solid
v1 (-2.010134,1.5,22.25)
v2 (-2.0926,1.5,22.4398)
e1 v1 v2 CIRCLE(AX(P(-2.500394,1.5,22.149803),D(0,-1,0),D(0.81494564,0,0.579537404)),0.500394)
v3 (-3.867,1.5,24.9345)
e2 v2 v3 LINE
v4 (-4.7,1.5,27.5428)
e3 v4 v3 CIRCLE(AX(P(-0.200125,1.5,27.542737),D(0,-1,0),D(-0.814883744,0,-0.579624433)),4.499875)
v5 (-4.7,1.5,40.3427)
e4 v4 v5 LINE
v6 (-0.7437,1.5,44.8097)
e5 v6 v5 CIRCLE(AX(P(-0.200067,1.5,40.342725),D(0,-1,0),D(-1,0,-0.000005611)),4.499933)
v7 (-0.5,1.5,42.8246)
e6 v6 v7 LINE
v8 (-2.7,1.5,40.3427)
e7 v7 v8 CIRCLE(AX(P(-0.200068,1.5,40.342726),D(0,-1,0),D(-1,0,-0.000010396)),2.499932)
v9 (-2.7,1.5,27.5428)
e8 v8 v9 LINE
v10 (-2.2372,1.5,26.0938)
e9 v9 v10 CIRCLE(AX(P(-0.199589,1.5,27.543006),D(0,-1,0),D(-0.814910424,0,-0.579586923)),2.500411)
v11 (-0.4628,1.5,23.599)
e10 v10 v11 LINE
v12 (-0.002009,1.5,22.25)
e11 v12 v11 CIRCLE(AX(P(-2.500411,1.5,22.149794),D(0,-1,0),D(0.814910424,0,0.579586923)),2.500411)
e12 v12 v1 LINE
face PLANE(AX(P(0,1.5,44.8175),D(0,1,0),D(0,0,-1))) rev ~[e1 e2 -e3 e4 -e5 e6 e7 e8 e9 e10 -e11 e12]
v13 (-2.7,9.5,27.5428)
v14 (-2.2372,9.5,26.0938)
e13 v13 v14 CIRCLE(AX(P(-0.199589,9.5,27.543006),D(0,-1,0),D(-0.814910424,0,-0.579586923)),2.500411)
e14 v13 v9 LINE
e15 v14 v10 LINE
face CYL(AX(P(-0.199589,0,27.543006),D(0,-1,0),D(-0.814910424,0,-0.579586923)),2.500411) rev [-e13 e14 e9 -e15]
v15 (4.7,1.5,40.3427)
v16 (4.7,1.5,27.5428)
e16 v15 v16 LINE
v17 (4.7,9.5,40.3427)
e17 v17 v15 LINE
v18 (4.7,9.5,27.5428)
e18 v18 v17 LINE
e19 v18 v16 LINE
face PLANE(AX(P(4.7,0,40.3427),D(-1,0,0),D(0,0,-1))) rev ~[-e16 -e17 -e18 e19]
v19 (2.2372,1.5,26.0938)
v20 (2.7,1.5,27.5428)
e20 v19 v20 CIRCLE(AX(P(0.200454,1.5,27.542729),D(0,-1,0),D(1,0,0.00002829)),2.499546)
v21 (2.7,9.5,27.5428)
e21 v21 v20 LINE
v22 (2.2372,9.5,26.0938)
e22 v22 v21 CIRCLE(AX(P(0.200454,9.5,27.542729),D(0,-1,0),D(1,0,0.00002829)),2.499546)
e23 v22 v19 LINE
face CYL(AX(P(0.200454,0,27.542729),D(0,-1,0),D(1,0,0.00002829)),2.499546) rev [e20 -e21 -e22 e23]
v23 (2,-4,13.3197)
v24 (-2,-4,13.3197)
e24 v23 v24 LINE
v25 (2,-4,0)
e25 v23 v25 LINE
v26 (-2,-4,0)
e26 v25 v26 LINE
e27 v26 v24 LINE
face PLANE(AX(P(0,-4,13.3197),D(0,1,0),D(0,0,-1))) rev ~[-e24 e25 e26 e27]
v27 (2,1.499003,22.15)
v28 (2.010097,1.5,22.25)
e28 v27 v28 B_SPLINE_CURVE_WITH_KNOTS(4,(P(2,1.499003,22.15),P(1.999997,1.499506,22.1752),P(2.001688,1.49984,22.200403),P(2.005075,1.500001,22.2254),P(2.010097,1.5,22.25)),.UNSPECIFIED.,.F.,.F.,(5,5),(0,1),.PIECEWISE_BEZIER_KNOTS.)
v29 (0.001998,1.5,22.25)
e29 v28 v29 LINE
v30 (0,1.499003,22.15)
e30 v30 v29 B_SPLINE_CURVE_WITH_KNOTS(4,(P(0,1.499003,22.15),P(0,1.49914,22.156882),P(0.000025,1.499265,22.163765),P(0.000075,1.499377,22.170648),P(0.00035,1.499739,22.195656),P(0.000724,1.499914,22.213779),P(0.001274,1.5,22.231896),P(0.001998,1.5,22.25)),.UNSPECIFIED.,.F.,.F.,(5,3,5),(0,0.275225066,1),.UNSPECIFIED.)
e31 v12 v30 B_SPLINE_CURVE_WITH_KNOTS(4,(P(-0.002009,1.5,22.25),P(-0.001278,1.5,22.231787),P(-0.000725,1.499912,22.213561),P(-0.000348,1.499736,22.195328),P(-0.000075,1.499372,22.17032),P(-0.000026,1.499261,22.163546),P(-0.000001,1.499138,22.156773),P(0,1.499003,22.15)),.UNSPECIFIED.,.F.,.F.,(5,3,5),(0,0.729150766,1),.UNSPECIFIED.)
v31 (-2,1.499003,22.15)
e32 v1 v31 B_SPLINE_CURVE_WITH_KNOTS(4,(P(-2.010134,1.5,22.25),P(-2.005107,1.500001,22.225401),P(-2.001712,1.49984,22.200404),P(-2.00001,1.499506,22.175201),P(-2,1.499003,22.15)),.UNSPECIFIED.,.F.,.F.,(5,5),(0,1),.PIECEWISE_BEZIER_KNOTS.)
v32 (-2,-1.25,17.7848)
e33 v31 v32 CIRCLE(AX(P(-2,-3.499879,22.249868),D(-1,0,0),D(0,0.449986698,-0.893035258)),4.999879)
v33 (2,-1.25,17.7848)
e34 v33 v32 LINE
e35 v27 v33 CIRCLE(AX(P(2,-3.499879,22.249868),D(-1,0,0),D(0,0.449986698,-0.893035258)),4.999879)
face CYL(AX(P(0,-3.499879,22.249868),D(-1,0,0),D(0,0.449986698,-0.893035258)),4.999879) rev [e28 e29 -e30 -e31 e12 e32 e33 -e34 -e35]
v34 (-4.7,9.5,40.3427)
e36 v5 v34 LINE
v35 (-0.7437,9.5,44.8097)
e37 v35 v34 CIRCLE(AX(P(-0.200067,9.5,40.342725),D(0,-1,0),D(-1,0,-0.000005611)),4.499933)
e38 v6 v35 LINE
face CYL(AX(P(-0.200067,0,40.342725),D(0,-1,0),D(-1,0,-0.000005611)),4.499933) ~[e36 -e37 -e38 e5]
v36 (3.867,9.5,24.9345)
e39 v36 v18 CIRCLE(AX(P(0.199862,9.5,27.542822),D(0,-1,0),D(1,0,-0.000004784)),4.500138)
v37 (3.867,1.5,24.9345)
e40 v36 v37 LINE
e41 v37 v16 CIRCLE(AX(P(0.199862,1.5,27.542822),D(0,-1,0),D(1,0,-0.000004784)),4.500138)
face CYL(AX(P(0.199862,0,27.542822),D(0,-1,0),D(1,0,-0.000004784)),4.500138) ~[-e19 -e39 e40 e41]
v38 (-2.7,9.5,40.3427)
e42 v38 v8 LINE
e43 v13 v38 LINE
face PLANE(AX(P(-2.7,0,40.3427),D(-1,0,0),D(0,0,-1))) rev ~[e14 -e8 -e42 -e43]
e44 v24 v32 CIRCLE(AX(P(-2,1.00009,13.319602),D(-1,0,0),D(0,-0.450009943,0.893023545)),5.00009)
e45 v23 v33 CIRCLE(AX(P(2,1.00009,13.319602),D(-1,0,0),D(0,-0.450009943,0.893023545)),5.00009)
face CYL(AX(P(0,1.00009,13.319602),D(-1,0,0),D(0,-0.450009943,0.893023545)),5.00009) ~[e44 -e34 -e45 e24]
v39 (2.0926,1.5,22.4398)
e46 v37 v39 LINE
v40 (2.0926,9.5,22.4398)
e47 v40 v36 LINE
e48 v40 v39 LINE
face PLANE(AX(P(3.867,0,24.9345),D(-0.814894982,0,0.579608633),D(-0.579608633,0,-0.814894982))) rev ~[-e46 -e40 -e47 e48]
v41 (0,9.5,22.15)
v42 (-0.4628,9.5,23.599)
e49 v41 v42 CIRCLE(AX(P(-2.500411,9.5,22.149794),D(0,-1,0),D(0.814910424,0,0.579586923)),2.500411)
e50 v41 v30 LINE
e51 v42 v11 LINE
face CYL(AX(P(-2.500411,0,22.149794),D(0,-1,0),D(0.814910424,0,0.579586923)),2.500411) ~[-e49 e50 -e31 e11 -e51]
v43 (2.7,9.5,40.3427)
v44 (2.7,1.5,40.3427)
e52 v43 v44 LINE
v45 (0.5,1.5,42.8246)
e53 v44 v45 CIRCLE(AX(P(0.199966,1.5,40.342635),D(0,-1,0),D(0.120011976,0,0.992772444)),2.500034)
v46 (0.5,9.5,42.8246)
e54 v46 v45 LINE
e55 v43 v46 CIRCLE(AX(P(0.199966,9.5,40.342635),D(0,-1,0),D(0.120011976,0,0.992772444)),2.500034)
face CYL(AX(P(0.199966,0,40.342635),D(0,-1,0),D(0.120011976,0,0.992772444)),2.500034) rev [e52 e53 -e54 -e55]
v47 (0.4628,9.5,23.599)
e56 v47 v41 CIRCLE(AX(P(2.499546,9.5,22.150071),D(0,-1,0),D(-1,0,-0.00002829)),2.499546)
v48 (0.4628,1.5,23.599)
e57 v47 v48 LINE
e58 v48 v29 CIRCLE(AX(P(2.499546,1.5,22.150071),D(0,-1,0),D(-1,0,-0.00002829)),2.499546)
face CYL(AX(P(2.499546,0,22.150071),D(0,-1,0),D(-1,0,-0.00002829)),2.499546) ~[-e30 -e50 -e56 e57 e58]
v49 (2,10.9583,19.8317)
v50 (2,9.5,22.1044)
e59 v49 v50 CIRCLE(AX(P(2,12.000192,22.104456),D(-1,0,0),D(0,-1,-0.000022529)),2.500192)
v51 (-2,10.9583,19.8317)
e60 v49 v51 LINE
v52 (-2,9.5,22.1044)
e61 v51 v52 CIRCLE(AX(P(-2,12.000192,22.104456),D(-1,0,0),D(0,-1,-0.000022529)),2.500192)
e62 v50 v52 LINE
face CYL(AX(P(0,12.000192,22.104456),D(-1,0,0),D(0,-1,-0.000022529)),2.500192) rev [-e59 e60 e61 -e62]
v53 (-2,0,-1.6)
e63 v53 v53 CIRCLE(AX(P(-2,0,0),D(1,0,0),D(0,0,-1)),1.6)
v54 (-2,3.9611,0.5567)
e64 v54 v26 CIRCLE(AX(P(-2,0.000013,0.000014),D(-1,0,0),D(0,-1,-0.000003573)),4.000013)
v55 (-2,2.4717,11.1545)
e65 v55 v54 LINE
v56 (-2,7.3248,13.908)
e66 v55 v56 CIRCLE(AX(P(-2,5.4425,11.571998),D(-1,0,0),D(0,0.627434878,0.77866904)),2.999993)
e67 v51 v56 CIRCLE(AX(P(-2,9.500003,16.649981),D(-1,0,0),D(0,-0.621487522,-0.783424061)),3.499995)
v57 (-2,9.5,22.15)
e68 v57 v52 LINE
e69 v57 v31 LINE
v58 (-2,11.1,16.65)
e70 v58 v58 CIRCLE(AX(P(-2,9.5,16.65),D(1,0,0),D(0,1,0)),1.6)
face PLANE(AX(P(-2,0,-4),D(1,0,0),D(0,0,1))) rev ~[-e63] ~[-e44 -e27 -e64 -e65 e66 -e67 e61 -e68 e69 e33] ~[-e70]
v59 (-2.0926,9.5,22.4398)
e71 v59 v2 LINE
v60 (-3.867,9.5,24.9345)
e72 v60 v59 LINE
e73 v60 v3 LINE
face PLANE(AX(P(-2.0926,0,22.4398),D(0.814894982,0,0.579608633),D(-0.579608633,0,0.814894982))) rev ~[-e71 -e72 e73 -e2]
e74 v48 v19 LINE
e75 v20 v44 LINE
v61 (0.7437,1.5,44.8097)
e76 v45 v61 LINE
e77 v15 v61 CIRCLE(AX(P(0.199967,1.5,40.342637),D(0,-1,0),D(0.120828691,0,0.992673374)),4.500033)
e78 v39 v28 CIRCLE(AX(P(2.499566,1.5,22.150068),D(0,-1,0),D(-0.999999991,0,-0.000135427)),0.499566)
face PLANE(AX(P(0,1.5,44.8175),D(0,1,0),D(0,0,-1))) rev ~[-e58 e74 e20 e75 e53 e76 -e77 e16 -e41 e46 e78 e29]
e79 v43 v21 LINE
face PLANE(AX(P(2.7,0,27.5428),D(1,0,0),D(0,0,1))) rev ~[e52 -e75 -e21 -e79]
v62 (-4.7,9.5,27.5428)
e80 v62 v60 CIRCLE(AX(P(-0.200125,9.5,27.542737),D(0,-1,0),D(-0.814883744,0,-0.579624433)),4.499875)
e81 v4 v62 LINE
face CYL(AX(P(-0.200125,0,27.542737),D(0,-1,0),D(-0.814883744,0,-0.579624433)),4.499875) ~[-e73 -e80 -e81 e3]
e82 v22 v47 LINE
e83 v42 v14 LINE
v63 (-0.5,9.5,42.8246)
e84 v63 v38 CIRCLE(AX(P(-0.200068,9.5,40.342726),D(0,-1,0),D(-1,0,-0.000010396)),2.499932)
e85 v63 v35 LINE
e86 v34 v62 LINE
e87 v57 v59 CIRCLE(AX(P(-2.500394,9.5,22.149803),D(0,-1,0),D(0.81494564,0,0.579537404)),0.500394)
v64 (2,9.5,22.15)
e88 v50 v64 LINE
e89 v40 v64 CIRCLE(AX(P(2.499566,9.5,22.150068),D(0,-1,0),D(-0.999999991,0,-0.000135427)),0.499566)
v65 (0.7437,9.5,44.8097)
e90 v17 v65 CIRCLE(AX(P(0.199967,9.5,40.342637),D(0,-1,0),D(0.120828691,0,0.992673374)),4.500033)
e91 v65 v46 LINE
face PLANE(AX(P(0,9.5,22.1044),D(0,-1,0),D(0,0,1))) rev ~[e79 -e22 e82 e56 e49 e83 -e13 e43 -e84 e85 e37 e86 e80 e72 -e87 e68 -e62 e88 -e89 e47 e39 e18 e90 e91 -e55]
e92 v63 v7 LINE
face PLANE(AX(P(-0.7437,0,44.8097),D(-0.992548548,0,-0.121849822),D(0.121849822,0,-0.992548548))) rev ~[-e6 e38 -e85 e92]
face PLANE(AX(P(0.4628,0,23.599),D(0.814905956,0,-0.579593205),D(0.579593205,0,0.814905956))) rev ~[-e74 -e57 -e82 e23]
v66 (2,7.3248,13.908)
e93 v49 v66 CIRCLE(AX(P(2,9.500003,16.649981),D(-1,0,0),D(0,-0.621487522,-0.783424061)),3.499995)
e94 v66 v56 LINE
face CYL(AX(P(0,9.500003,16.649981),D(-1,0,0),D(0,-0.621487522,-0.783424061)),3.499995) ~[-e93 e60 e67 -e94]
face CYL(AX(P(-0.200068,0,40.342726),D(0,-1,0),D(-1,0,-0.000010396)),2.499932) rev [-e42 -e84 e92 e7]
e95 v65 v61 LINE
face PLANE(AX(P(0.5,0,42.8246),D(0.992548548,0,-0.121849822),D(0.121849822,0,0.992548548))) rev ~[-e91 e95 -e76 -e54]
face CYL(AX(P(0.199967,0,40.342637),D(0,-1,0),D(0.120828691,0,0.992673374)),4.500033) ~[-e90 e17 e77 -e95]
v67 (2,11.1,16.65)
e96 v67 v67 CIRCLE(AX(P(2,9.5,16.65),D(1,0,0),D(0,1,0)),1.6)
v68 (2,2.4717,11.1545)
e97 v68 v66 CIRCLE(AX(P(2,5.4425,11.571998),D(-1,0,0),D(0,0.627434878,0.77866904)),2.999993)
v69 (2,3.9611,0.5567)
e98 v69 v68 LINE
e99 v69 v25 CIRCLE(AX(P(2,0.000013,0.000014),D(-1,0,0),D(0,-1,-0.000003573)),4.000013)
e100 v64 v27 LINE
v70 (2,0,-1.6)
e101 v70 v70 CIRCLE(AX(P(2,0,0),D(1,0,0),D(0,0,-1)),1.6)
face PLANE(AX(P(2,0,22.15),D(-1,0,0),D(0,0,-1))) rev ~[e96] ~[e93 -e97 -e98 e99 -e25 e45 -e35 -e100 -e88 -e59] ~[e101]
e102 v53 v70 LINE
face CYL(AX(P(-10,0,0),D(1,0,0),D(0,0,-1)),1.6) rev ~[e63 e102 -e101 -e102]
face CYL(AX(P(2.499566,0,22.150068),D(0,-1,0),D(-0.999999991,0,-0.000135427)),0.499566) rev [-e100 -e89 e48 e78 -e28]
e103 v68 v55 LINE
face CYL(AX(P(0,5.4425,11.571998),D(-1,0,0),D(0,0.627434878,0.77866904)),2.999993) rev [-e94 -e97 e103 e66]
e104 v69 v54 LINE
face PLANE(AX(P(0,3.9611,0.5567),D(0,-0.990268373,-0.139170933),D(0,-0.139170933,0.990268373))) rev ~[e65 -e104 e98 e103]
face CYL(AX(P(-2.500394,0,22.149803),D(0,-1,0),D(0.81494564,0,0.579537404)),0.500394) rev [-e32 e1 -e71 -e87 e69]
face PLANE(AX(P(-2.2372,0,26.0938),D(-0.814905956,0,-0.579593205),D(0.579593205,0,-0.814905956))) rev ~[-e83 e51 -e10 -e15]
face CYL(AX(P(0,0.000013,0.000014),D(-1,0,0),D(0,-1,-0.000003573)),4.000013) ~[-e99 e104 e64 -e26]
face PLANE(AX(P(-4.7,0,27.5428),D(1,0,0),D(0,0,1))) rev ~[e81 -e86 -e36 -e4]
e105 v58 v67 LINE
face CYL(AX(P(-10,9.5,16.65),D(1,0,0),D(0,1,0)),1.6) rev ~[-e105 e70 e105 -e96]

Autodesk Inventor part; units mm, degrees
sketch "Skizze_1" plane through (0, 0, 0) normal (0, 1, 0) x (-1, 0, 0)
  line L0 (4.7, 27.5428) -> (4.7, 40.3427)
  arc A0 (4.7, 40.3427) -> (0.7437, 44.8097) centre (0.2, 40.3427) ccw
  line L1 (0.7437, 44.8097) -> (0.5, 42.8246)
  arc A1 (2.7, 40.3427) -> (0.5, 42.8246) centre (0.2, 40.3427) ccw
  line L2 (2.7, 40.3427) -> (2.7, 27.5428)
  arc A2 (2.2372, 26.0938) -> (2.7, 27.5428) centre (0.2, 27.5428) ccw
  line L3 (2.2372, 26.0938) -> (0.4628, 23.599)
  arc A3 (0.4628, 23.599) -> (0, 22.15) centre (2.5, 22.15) ccw
  arc A4 (0, 22.15) -> (-0.4628, 23.599) centre (-2.5, 22.15) ccw
  line L4 (-0.4628, 23.599) -> (-2.2372, 26.0938)
  arc A5 (-2.7, 27.5428) -> (-2.2372, 26.0938) centre (-0.2, 27.5428) ccw
  line L5 (-2.7, 27.5428) -> (-2.7, 40.3427)
  arc A6 (-0.5, 42.8246) -> (-2.7, 40.3427) centre (-0.2, 40.3427) ccw
  line L6 (-0.5, 42.8246) -> (-0.7437, 44.8097)
  arc A7 (-0.7437, 44.8097) -> (-4.7, 40.3427) centre (-0.2, 40.3427) ccw
  line L7 (-4.7, 40.3427) -> (-4.7, 27.5428)
  arc A8 (-4.7, 27.5428) -> (-3.867, 24.9345) centre (-0.2, 27.5428) ccw
  line L8 (-3.867, 24.9345) -> (-2.0926, 22.4398)
  arc A9 (-2, 22.15) -> (-2.0926, 22.4398) centre (-2.5, 22.15) ccw
  line L9 (-2, 22.15) -> (-2, -4)
  line L10 (-2, -4) -> (2, -4)
  line L11 (2, -4) -> (2, 22.15)
  arc A10 (2.0926, 22.4398) -> (2, 22.15) centre (2.5, 22.15) ccw
  line L12 (2.0926, 22.4398) -> (3.867, 24.9345)
  arc A11 (3.867, 24.9345) -> (4.7, 27.5428) centre (0.2, 27.5428) ccw
extrude "Extrusion1" add sketch "Skizze_1" along normal mid plane 40
sketch "Skizze_2" plane through (0, 0, 0) normal (1, 0, 0) x (0, 1, 0)
  line L0 (-60, 105) -> (-60, -73)
  line L1 (-60, -73) -> (65, -73)
  line L2 (65, -73) -> (65, 105)
  line L3 (65, 105) -> (-60, 105)
  line L4 (1.5, 44.8175) -> (1.5, 22.25)
  arc A0 (-1.25, 17.7848) -> (1.5, 22.25) centre (-3.5, 22.25) ccw
  arc A1 (-1.25, 17.7848) -> (-4, 13.3197) centre (1, 13.3197) ccw
  line L5 (-4, 13.3197) -> (-4, 0)
  arc A2 (-4, 0) -> (3.9611, 0.5567) centre (0, 0) ccw
  line L6 (3.9611, 0.5567) -> (2.4717, 11.1545)
  arc A3 (7.3248, 13.908) -> (2.4717, 11.1545) centre (5.4425, 11.572) ccw
  arc A4 (7.3248, 13.908) -> (10.9583, 19.8317) centre (9.5, 16.65) ccw
  arc A5 (9.5, 22.1044) -> (10.9583, 19.8317) centre (12, 22.1044) ccw
  line L7 (9.5, 22.1044) -> (9.5, 44.8175)
  line L8 (9.5, 44.8175) -> (1.5, 44.8175)
extrude "Extrusion2" cut sketch "Skizze_2" along normal mid plane 40
sketch "Skizze_3_ALT_Drilling_1" plane through (0, 0, 0) normal (0, 1, 0) x (-1, 0, 0)
  line L0 (-10, 0) -> (10, 0)
  line L1 (10, 0) -> (10, -1.6)
  line L2 (10, -1.6) -> (-10, -1.6)
  line L3 (-10, -1.6) -> (-10, 0)
  line L4 (-10, 0) -> (10, 0)
revolve "Revolution1" cut sketch "Skizze_3_ALT_Drilling_1" angle 360 about axis through (10, 0, 0) along (1, 0, 0)
sketch "Skizze_4_ALT_Drilling_2" plane through (0, 0, 16.65) normal (0, 0, 1) x (1, 0, 0)
  line L0 (10, 9.5) -> (-10, 9.5)
  line L1 (-10, 9.5) -> (-10, 11.1)
  line L2 (-10, 11.1) -> (10, 11.1)
  line L3 (10, 11.1) -> (10, 9.5)
  line L4 (10, 9.5) -> (-10, 9.5)
revolve "Revolution2" cut sketch "Skizze_4_ALT_Drilling_2" angle 360 about axis through (10, 9.5, 16.65) along (1, 0, 0)
ref_plane "P1_XY" through (0, 9.5, 34.5093) normal (0, 1, 0) x (1, 0, 0)
ref_plane "P1_YZ" through (0, 9.5, 34.5093) normal (1, 0, 0) x (0, 0, -1)
ref_plane "P1_ZX" through (0, 9.5, 34.5093) normal (0, 0, -1) x (0, 1, 0)
ref_plane "P2_XY" through (0, 1.5, 34.5093) normal (0, 1, 0) x (1, 0, 0)
ref_plane "P2_YZ" through (0, 1.5, 34.5093) normal (1, 0, 0) x (0, 0, -1)
ref_plane "P2_ZX" through (0, 1.5, 34.5093) normal (0, 0, -1) x (0, 1, 0)
ref_plane "SA1_XY" through (0, 0, 0) normal (1, 0, 0) x (0, 0, -1)
ref_plane "SA1_YZ" through (0, 0, 0) normal (0, 0, -1) x (0, 1, 0)
ref_plane "SA1_ZX" through (0, 0, 0) normal (0, 1, 0) x (1, 0, 0)
ref_plane "SA2_XY" through (0, 9.5, 16.65) normal (1, 0, 0) x (0, 0, -1)
ref_plane "SA2_YZ" through (0, 9.5, 16.65) normal (0, 0, -1) x (0, 1, 0)
ref_plane "SA2_ZX" through (0, 9.5, 16.65) normal (0, 1, 0) x (1, 0, 0)
ref_plane "SA3_XY" through (0, 5.5, 34.5093) normal (0, 0, 1) x (1, 0, 0)
ref_plane "SA3_YZ" through (0, 5.5, 34.5093) normal (1, 0, 0) x (0, 1, 0)
ref_plane "SA3_ZX" through (0, 5.5, 34.5093) normal (0, 1, 0) x (0, 0, 1)
properties part number "305106_7-KOMP"
